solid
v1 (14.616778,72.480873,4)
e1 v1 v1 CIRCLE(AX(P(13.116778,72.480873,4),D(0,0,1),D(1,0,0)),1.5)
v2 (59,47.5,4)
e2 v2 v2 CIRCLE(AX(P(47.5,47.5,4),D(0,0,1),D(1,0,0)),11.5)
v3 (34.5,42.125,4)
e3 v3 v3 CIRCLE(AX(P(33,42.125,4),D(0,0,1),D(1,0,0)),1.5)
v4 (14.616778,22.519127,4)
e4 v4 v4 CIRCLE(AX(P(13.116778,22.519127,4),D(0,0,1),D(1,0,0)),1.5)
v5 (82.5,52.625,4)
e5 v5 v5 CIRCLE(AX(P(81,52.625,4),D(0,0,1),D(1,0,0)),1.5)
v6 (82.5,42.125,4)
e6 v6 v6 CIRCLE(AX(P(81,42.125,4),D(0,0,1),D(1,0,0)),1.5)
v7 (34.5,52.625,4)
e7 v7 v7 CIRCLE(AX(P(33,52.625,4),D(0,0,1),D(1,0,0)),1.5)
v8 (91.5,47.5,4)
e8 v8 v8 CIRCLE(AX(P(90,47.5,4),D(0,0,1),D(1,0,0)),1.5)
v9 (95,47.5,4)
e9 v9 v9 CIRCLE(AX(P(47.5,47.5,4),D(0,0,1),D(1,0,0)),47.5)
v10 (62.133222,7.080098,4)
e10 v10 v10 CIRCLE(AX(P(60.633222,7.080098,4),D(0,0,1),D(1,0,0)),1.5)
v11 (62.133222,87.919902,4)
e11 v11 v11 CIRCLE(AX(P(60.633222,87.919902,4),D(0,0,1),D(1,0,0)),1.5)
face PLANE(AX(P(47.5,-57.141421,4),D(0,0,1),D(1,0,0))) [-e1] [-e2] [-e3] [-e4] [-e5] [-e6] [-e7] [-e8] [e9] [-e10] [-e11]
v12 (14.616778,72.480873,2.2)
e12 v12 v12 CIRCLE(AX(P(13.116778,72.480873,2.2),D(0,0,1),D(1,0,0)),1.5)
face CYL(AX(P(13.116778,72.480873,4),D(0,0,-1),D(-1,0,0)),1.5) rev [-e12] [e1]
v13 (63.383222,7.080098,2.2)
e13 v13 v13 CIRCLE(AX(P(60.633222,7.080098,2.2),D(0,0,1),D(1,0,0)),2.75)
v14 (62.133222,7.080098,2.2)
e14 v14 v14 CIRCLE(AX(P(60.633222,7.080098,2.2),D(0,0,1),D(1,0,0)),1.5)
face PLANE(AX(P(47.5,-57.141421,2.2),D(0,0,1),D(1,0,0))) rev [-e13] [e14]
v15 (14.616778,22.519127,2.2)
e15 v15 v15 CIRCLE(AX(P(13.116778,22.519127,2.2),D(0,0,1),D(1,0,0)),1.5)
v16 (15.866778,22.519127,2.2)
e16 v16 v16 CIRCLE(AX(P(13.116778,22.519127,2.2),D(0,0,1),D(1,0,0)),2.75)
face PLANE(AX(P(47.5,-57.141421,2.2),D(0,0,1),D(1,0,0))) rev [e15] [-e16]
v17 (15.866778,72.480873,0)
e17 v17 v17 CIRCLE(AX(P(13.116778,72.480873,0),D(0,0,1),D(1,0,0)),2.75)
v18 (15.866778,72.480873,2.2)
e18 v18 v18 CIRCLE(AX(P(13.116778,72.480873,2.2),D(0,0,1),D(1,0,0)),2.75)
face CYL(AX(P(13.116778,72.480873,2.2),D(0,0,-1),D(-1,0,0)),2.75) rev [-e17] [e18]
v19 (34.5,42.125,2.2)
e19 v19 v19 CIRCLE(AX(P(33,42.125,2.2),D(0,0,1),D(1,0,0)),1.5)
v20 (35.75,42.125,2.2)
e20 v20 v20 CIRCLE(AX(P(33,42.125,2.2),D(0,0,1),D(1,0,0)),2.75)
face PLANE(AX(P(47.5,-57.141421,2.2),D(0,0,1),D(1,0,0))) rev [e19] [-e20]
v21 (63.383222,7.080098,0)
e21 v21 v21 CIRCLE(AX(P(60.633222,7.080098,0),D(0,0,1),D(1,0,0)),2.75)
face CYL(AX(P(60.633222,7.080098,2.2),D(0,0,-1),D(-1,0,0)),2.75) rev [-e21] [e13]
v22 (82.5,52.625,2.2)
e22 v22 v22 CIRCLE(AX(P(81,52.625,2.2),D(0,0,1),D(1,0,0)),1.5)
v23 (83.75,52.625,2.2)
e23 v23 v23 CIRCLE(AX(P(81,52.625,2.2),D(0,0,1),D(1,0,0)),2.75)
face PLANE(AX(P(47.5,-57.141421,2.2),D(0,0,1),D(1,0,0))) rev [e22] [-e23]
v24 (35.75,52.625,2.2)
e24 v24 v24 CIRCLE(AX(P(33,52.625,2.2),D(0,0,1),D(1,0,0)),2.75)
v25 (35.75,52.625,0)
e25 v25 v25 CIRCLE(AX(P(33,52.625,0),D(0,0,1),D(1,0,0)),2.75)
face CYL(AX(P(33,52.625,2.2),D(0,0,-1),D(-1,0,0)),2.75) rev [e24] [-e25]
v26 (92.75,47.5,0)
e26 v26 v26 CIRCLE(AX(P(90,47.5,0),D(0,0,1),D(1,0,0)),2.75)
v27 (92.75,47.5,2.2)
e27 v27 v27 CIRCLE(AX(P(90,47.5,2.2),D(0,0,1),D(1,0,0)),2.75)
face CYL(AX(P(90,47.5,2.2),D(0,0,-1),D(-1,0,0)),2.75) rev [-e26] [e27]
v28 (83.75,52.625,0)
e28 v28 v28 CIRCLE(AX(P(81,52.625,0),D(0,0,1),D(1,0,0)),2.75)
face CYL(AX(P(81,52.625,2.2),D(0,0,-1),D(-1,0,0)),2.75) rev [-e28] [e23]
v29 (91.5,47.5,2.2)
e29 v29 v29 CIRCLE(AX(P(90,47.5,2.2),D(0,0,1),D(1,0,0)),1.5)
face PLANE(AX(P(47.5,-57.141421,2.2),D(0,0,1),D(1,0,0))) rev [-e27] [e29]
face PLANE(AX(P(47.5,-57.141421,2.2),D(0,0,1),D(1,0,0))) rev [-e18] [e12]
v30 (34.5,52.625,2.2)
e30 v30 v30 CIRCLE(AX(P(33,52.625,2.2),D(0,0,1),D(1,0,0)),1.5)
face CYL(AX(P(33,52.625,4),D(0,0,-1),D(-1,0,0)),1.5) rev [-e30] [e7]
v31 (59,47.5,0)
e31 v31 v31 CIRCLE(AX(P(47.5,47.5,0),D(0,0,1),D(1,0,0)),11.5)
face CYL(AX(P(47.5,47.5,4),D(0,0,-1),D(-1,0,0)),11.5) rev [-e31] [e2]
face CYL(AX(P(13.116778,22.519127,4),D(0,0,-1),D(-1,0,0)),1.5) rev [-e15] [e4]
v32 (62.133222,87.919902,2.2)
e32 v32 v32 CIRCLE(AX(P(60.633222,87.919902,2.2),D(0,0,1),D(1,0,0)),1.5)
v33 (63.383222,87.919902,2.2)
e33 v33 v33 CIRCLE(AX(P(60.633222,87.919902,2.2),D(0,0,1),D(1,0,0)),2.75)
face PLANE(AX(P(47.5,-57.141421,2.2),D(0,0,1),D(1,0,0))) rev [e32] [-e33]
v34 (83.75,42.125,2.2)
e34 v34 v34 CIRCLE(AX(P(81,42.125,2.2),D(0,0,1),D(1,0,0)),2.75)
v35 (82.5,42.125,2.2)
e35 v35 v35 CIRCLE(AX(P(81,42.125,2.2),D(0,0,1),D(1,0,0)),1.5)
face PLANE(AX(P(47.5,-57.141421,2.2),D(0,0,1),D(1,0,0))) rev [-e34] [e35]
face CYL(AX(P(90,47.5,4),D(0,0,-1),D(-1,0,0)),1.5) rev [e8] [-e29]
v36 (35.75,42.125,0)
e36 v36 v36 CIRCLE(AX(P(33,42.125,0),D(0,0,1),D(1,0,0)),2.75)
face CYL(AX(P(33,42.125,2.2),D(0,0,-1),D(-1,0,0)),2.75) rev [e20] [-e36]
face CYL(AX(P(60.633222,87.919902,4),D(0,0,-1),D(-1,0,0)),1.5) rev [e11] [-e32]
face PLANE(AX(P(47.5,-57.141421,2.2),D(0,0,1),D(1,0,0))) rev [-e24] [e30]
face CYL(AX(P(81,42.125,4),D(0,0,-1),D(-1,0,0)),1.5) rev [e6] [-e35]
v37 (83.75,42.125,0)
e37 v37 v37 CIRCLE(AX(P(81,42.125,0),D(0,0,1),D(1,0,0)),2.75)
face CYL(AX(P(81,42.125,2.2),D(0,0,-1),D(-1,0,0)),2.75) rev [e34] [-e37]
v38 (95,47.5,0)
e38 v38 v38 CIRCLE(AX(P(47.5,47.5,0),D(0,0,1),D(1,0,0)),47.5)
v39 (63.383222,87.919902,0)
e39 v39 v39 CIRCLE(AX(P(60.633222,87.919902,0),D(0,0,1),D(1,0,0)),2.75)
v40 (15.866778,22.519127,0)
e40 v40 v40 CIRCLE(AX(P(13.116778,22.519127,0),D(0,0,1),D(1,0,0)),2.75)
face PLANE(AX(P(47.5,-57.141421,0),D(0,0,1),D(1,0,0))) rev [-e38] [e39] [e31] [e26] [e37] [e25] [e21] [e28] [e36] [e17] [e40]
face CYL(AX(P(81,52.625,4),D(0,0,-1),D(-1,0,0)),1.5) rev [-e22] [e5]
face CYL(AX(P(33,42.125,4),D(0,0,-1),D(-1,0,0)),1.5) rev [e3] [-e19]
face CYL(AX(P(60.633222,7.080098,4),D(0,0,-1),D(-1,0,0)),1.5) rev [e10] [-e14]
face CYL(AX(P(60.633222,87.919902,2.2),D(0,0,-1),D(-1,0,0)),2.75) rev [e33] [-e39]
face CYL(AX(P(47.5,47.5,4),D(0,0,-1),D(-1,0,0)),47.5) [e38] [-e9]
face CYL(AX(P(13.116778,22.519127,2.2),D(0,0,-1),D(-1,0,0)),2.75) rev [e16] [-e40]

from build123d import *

# Parameters (mm, degrees)
SKETCH1_R           = 47.5
SKETCH1_R_2         = 2.75
SKETCH1_R_3         = 11.5
SKETCH1_R_4         = 1.5
BOSS_EXTRUDE2_DEPTH = 4
SKETCH1_5_R         = 2.75
SKETCH1_5_R_2       = 1.5
CUT_EXTRUDE1_DEPTH  = 2.2


with BuildPart() as part:
    # Sketch1 → Boss-Extrude2 (new body)
    with BuildSketch(Plane.XY):
        with Locations((47.5, 47.5)):
            Circle(SKETCH1_R)
        with Locations((81, 42.125)):
            Circle(SKETCH1_R_2, mode=Mode.SUBTRACT)
        with Locations((90, 47.5)):
            Circle(SKETCH1_R_2, mode=Mode.SUBTRACT)
        with Locations((81, 52.625)):
            Circle(SKETCH1_R_2, mode=Mode.SUBTRACT)
        with Locations((60.633222261, 87.919901943)):
            Circle(SKETCH1_R_2, mode=Mode.SUBTRACT)
        with Locations((13.116777739, 72.480873222)):
            Circle(SKETCH1_R_2, mode=Mode.SUBTRACT)
        with Locations((33, 52.625)):
            Circle(SKETCH1_R_2, mode=Mode.SUBTRACT)
        with Locations((33, 42.125)):
            Circle(SKETCH1_R_2, mode=Mode.SUBTRACT)
        with Locations((60.633222261, 7.080098057)):
            Circle(SKETCH1_R_2, mode=Mode.SUBTRACT)
        with Locations((13.116777739, 22.519126778)):
            Circle(SKETCH1_R_2, mode=Mode.SUBTRACT)
        with Locations((47.5, 47.5)):
            Circle(SKETCH1_R_3, mode=Mode.SUBTRACT)
        with Locations((13.116777739, 72.480873222)):
            Circle(SKETCH1_R_2)
        with Locations((13.116777739, 72.480873222)):
            Circle(SKETCH1_R_4, mode=Mode.SUBTRACT)
        with Locations((60.633222261, 87.919901943)):
            Circle(SKETCH1_R_2)
        with Locations((60.633222261, 87.919901943)):
            Circle(SKETCH1_R_4, mode=Mode.SUBTRACT)
        with Locations((33, 52.625)):
            Circle(SKETCH1_R_2)
        with Locations((33, 52.625)):
            Circle(SKETCH1_R_4, mode=Mode.SUBTRACT)
        with Locations((81, 52.625)):
            Circle(SKETCH1_R_2)
        with Locations((81, 52.625)):
            Circle(SKETCH1_R_4, mode=Mode.SUBTRACT)
        with Locations((90, 47.5)):
            Circle(SKETCH1_R_2)
        with Locations((90, 47.5)):
            Circle(SKETCH1_R_4, mode=Mode.SUBTRACT)
        with Locations((81, 42.125)):
            Circle(SKETCH1_R_2)
        with Locations((81, 42.125)):
            Circle(SKETCH1_R_4, mode=Mode.SUBTRACT)
        with Locations((33, 42.125)):
            Circle(SKETCH1_R_2)
        with Locations((33, 42.125)):
            Circle(SKETCH1_R_4, mode=Mode.SUBTRACT)
        with Locations((13.116777739, 22.519126778)):
            Circle(SKETCH1_R_2)
        with Locations((13.116777739, 22.519126778)):
            Circle(SKETCH1_R_4, mode=Mode.SUBTRACT)
        with Locations((60.633222261, 7.080098057)):
            Circle(SKETCH1_R_2)
        with Locations((60.633222261, 7.080098057)):
            Circle(SKETCH1_R_4, mode=Mode.SUBTRACT)
    extrude(amount=BOSS_EXTRUDE2_DEPTH)

    # Sketch1_5 → Cut-Extrude1 (cut)
    with BuildSketch(Plane.XY):
        with Locations((33, 52.625)):
            Circle(SKETCH1_5_R)
        with Locations((33, 52.625)):
            Circle(SKETCH1_5_R_2, mode=Mode.SUBTRACT)
        with Locations((33, 42.125)):
            Circle(SKETCH1_5_R)
        with Locations((33, 42.125)):
            Circle(SKETCH1_5_R_2, mode=Mode.SUBTRACT)
        with Locations((13.116777739, 22.519126778)):
            Circle(SKETCH1_5_R)
        with Locations((13.116777739, 22.519126778)):
            Circle(SKETCH1_5_R_2, mode=Mode.SUBTRACT)
        with Locations((13.116777739, 72.480873222)):
            Circle(SKETCH1_5_R)
        with Locations((13.116777739, 72.480873222)):
            Circle(SKETCH1_5_R_2, mode=Mode.SUBTRACT)
        with Locations((60.633222261, 87.919901943)):
            Circle(SKETCH1_5_R)
        with Locations((60.633222261, 87.919901943)):
            Circle(SKETCH1_5_R_2, mode=Mode.SUBTRACT)
        with Locations((81, 52.625)):
            Circle(SKETCH1_5_R)
        with Locations((81, 52.625)):
            Circle(SKETCH1_5_R_2, mode=Mode.SUBTRACT)
        with Locations((90, 47.5)):
            Circle(SKETCH1_5_R)
        with Locations((90, 47.5)):
            Circle(SKETCH1_5_R_2, mode=Mode.SUBTRACT)
        with Locations((81, 42.125)):
            Circle(SKETCH1_5_R)
        with Locations((81, 42.125)):
            Circle(SKETCH1_5_R_2, mode=Mode.SUBTRACT)
        with Locations((60.633222261, 7.080098057)):
            Circle(SKETCH1_5_R)
        with Locations((60.633222261, 7.080098057)):
            Circle(SKETCH1_5_R_2, mode=Mode.SUBTRACT)
    extrude(amount=CUT_EXTRUDE1_DEPTH, mode=Mode.SUBTRACT)


solid = part.part
